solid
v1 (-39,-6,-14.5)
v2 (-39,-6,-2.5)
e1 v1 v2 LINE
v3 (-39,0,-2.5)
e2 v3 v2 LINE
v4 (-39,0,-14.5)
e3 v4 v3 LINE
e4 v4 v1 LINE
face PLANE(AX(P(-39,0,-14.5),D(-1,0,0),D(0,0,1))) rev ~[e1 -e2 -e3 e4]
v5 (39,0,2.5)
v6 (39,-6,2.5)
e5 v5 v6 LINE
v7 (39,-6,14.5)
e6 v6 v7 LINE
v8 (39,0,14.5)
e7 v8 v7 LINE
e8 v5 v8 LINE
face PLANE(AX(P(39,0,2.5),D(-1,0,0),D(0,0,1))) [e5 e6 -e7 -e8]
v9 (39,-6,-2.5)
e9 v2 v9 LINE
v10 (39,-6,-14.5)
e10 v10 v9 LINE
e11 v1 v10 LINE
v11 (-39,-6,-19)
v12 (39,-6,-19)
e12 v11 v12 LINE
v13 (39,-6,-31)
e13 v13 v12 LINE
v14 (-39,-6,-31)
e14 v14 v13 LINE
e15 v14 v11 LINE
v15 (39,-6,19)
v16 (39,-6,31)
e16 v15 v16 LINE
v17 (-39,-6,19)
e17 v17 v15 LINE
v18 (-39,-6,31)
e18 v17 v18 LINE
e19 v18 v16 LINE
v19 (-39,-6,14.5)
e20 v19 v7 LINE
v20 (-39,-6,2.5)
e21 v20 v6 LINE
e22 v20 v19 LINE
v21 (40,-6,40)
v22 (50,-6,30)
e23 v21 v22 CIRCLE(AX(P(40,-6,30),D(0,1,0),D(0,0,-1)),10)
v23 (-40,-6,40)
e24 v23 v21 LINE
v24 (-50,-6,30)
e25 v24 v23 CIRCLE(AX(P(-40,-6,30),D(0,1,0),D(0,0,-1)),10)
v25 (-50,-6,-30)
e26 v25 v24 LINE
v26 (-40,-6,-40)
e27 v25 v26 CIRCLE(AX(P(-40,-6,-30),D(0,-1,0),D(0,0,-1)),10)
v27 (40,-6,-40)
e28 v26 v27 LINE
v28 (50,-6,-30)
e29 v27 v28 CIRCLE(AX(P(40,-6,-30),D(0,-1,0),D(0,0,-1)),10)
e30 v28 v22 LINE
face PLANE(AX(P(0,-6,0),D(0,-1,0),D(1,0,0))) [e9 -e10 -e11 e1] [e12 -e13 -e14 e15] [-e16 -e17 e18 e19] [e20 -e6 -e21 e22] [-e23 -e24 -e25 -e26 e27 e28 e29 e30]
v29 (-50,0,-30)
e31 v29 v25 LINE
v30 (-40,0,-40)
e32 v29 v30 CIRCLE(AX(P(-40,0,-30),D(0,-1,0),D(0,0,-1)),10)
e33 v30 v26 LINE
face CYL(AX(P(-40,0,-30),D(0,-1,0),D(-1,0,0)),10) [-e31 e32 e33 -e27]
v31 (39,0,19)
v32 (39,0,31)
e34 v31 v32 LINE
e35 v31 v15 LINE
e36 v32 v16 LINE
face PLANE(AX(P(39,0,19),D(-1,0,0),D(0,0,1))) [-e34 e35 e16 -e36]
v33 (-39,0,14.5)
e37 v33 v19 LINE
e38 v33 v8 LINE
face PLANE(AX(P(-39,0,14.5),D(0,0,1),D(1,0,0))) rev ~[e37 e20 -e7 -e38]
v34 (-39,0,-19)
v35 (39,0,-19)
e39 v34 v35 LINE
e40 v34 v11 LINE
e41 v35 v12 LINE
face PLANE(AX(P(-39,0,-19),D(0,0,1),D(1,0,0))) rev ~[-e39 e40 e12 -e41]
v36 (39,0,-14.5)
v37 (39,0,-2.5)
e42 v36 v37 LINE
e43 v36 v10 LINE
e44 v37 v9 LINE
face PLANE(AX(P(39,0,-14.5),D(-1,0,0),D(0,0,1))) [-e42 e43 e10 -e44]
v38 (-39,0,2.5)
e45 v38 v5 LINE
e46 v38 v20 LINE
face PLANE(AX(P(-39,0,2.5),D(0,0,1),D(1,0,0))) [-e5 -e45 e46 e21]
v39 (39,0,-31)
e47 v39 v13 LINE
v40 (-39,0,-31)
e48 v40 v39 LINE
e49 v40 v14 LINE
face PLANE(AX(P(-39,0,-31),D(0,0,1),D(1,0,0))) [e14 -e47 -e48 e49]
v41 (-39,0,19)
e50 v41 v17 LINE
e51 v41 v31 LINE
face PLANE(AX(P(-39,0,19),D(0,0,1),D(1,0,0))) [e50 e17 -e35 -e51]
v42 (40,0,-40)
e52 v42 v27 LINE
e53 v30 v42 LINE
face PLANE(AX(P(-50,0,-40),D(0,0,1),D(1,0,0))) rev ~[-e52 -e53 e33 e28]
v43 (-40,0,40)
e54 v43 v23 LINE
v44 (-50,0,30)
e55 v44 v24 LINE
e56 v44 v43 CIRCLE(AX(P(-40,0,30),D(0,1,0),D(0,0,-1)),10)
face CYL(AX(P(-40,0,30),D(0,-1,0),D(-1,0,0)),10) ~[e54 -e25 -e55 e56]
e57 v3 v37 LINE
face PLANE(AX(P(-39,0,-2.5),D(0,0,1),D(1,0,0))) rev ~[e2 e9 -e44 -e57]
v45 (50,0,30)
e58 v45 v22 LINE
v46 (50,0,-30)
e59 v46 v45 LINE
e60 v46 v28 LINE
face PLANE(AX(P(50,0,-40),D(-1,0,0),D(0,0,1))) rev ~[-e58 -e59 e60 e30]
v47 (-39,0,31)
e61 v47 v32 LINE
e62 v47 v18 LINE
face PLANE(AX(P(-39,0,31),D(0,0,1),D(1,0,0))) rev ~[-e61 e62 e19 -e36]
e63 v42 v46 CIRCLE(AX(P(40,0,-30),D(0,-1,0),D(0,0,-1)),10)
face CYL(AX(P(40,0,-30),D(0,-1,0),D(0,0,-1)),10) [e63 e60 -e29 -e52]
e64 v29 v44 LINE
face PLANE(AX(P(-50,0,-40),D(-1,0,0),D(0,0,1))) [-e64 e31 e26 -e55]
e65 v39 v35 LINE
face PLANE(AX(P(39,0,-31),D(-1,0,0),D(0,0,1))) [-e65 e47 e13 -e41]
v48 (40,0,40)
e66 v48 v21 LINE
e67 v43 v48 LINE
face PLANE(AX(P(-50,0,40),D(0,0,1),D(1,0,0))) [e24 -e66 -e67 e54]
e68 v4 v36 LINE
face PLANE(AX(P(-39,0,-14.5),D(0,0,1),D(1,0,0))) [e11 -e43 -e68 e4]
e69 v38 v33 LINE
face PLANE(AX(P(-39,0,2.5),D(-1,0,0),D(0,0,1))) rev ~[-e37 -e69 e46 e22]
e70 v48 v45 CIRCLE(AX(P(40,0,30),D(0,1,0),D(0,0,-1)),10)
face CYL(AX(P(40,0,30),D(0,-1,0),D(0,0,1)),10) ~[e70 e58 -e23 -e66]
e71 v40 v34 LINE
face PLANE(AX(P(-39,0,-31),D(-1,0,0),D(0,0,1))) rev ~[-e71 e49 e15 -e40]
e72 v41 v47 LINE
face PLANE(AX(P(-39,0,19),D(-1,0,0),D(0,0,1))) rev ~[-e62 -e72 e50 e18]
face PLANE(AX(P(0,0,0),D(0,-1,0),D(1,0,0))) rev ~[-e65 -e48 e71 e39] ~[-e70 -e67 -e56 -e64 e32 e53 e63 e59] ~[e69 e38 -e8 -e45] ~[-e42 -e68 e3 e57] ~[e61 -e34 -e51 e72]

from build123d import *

# Parameters (mm, degrees)
F0_W     = 100
F0_H     = 80
F0_W_2   = 78
F0_H_2   = 12
F1_DEPTH = 6
F2_R     = 10


with BuildPart() as f1:
    # F0 (on Front) → F1 (new body)
    with BuildSketch(Plane.XZ):
        Rectangle(F0_W, F0_H)
        with Locations((0, -25)):
            Rectangle(F0_W_2, F0_H_2, mode=Mode.SUBTRACT)
        with Locations((0, -8.5)):
            Rectangle(F0_W_2, F0_H_2, mode=Mode.SUBTRACT)
        with Locations((0, 8.5)):
            Rectangle(F0_W_2, F0_H_2, mode=Mode.SUBTRACT)
        with Locations((0, 25)):
            Rectangle(F0_W_2, F0_H_2, mode=Mode.SUBTRACT)
    extrude(amount=F1_DEPTH)

    # F2
    f2_edges = [f1.edges().sort_by_distance(p)[0] for p in [
        (50, -3, 40),
        (-50, -3, -40),
        (-50, -3, 40),
        (50, -3, -40),
    ]]
    fillet(f2_edges, radius=F2_R)


solid = f1.part
